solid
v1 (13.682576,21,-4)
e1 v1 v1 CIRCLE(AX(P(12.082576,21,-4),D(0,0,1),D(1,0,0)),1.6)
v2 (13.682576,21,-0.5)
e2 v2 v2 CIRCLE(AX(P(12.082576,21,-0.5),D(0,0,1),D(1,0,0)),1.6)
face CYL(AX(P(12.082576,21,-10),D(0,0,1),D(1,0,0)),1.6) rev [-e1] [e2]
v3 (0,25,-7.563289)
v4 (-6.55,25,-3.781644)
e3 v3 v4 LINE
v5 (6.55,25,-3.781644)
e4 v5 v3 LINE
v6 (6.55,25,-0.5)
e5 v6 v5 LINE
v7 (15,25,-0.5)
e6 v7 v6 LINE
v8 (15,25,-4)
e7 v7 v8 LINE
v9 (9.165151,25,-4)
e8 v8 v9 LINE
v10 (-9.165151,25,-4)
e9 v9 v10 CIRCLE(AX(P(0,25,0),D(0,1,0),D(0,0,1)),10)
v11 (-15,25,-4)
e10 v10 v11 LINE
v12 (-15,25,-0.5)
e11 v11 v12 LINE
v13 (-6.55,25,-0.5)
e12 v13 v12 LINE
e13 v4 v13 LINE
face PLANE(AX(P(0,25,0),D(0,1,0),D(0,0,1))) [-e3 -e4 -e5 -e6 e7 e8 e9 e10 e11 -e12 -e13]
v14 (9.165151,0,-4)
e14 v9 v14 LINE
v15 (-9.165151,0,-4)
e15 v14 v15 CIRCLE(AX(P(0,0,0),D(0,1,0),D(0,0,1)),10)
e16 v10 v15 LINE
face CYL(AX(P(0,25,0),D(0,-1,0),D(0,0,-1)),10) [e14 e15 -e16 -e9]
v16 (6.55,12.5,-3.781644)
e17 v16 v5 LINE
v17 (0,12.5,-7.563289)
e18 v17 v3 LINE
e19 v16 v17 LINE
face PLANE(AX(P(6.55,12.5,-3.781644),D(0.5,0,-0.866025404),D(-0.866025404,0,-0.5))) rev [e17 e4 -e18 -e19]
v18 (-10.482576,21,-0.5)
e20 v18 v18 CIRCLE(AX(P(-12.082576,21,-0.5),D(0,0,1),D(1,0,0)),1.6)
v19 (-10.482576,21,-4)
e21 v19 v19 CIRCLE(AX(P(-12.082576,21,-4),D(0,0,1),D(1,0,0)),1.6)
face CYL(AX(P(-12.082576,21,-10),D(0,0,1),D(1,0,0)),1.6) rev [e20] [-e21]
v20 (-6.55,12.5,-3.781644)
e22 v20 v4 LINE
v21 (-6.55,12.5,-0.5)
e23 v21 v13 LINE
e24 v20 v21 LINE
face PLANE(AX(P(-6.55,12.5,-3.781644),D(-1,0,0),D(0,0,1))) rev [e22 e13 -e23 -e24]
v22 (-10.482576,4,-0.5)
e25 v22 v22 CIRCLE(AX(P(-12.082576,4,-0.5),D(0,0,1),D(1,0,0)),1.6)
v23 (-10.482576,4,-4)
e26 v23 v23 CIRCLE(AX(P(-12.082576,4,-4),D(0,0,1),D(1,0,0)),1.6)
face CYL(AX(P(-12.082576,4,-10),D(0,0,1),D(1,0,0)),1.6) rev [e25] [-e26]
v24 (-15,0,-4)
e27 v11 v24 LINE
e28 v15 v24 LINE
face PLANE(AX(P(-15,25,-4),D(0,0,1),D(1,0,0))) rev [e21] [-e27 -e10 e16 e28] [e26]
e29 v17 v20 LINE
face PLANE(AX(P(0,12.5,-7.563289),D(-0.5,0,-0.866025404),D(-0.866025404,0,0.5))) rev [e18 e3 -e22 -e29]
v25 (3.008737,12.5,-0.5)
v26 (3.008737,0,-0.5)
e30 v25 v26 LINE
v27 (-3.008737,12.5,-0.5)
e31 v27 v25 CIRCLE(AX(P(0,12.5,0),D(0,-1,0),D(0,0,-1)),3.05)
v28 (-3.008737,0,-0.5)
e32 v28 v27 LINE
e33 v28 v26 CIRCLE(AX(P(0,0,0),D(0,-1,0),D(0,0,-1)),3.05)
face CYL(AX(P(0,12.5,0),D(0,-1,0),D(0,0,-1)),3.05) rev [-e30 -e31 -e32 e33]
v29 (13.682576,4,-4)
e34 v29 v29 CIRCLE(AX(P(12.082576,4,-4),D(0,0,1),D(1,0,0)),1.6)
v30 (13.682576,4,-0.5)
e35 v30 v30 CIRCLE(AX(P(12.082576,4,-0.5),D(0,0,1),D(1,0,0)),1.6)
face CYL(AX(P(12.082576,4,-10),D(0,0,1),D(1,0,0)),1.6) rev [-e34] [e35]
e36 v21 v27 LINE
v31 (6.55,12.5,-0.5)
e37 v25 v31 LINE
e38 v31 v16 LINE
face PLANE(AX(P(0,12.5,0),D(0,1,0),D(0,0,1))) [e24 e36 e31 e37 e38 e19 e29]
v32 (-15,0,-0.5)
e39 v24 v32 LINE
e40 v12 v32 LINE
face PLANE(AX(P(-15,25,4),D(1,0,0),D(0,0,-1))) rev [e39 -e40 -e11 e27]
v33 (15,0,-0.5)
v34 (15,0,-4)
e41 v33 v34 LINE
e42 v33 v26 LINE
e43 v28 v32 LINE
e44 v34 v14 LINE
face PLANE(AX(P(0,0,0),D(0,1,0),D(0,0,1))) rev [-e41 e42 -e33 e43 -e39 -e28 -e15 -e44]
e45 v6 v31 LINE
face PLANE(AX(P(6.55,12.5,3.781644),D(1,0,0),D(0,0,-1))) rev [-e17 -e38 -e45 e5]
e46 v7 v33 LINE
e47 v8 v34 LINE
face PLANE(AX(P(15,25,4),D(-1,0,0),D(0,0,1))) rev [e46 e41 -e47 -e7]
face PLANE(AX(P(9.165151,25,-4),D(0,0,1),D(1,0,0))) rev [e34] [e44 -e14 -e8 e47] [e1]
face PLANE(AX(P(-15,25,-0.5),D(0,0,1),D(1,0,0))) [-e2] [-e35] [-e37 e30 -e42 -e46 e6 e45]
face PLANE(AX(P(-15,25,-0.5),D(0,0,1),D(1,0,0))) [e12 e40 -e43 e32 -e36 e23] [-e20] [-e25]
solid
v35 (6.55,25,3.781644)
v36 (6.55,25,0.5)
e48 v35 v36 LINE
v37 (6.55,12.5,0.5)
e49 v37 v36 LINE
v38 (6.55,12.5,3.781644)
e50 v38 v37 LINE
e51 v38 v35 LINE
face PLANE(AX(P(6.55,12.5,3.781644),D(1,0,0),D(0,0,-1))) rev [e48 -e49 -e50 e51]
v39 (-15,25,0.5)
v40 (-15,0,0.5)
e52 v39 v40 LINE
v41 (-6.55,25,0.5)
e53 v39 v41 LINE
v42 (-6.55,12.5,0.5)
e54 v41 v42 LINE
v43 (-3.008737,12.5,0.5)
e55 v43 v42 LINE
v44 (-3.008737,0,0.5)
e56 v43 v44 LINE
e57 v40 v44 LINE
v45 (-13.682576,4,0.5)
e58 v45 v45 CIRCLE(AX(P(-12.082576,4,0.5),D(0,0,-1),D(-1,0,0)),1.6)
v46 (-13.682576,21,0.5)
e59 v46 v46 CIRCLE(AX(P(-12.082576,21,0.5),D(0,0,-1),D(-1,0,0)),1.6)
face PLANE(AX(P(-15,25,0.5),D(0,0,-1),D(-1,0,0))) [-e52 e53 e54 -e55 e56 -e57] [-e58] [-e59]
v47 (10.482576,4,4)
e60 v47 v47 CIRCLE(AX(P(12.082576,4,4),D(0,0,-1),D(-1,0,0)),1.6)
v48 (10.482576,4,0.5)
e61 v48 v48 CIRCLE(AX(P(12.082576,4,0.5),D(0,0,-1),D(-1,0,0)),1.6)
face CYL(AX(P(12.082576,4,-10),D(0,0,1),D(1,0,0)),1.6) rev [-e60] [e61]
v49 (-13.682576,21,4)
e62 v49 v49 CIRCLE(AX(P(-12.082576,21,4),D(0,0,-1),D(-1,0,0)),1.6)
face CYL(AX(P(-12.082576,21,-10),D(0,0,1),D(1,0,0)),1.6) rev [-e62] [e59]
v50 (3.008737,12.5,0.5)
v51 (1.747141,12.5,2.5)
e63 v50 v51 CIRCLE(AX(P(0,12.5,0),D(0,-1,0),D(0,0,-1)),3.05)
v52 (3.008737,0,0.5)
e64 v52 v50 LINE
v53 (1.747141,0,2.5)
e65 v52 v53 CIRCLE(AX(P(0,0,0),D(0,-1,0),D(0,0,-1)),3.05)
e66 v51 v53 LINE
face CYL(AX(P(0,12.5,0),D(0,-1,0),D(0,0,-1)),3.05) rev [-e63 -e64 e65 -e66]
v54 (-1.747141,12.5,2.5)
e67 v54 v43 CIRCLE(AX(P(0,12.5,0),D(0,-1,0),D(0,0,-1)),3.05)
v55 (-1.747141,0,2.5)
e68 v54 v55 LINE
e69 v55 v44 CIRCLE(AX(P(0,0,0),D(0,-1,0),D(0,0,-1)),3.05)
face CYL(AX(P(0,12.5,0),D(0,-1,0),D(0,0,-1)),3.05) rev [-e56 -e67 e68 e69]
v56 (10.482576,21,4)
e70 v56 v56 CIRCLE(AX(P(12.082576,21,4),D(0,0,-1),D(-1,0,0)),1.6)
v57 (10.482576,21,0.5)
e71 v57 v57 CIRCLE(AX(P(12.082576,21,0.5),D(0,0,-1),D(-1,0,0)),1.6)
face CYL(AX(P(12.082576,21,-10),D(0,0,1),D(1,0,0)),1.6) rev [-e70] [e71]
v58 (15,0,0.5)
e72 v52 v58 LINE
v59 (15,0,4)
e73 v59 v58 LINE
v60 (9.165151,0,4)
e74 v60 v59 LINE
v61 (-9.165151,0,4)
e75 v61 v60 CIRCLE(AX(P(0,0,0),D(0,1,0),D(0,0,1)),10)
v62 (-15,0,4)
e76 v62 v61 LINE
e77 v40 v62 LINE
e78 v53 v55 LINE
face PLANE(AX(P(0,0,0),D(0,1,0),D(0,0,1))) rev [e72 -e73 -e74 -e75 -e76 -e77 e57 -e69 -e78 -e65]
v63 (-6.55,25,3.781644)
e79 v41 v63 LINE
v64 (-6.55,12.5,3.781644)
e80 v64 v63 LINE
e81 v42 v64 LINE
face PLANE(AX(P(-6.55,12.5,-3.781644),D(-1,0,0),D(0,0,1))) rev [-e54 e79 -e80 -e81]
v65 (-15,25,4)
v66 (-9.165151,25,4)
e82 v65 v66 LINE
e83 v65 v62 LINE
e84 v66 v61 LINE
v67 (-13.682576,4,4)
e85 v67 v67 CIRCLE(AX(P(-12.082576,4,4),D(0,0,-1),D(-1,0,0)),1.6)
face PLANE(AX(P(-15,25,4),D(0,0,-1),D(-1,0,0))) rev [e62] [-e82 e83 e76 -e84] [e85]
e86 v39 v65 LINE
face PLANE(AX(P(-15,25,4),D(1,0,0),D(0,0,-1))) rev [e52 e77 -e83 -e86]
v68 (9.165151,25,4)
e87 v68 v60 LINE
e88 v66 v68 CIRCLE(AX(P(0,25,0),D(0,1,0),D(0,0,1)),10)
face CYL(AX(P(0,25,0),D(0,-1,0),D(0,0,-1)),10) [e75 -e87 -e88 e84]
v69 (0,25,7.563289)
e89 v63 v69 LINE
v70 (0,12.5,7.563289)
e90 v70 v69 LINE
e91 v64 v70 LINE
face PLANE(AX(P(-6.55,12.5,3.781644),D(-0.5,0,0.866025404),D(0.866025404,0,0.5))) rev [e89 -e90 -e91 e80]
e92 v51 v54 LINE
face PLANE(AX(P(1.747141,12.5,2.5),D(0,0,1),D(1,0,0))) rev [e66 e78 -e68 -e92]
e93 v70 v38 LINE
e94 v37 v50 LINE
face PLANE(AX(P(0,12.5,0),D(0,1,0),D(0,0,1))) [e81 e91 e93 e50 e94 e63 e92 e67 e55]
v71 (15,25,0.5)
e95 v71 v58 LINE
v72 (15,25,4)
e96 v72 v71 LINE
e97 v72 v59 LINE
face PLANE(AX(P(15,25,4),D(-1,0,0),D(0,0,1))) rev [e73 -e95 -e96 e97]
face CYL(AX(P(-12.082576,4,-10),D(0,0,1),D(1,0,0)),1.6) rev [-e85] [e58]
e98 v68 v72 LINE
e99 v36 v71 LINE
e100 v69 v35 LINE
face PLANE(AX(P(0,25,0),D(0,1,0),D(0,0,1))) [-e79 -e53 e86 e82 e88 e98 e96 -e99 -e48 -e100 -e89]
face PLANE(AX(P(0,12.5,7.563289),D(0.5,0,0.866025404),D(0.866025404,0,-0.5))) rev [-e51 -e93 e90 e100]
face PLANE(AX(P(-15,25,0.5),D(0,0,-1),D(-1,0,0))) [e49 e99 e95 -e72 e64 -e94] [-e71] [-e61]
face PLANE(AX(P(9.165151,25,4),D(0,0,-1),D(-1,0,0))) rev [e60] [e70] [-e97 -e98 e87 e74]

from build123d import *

# Parameters (mm, degrees)
EXTRUDE_1_DEPTH          = 25
CUT_EXTRUDE_1_DEPTH      = 12.5
CUT_EXTRUDE_2_DEPTH      = 12.5
SKETCH_4_W               = 30
SKETCH_4_H               = 1
CUT_EXTRUDE_3_DEPTH      = 31.822070015
CUT_EXTRUDE_4_DEPTH      = 31.822070015
CUT_EXTRUDE_4_DEPTH_BACK = 31.822070015
SKETCH_5_R               = 1.6


with BuildPart() as part:
    # ｽｹｯﾁ1 → ﾎﾞｽ - 押し出し1 (new body)
    with BuildSketch(Plane(origin=(0, 0, 0), x_dir=(1, 0, 0), z_dir=(0, 1, 0))):
        with BuildLine():
            Line((9.16515139, 4), (15, 4))
            Line((15, 4), (15, -4))
            Line((15, -4), (9.16515139, -4))
            ThreePointArc((9.16515139, -4), (0, -10), (-9.16515139, -4))
            Line((-9.16515139, -4), (-15, -4))
            Line((-15, -4), (-15, 4))
            Line((-15, 4), (-9.16515139, 4))
            ThreePointArc((-9.16515139, 4), (0, 10), (9.16515139, 4))
        make_face()
    extrude(amount=EXTRUDE_1_DEPTH)

    # ｽｹｯﾁ2 → ｶｯﾄ - 押し出し1 (cut)
    with BuildSketch(Plane.XZ):
        with BuildLine():
            Line((1.747140521, 2.5), (-1.747140521, 2.5))
            ThreePointArc((-1.747140521, 2.5), (0, -3.05), (1.747140521, 2.5))
        make_face()
    extrude(amount=-CUT_EXTRUDE_1_DEPTH, mode=Mode.SUBTRACT)

    # ｽｹｯﾁ3 → ｶｯﾄ - 押し出し2 (cut)
    with BuildSketch(Plane(origin=(0, 25, 0), x_dir=(1, 0, 0), z_dir=(0, 1, 0))):
        Polygon((0, -7.563288526), (6.55, -3.781644263), (6.55, 3.781644263), (0, 7.563288526), (-6.55, 3.781644263), (-6.55, -3.781644263), align=None)
    extrude(amount=-CUT_EXTRUDE_2_DEPTH, mode=Mode.SUBTRACT)

    # ｽｹｯﾁ4 → ｶｯﾄ - 押し出し3 (cut, through all)
    with BuildSketch(Plane(origin=(0, 0, 0), x_dir=(1, 0, 0), z_dir=(0, 1, 0))):
        Rectangle(SKETCH_4_W, SKETCH_4_H)
    extrude(amount=CUT_EXTRUDE_3_DEPTH, mode=Mode.SUBTRACT)


with BuildPart() as cut_extrude_3_piece_1:
    # of the separate pieces the step leaves, piece 1, a body of its own (cut_extrude_3_pieces)
    add(part.part.solids().sort_by_distance((15, 0, 0.5))[0])


with BuildPart() as cut_extrude_3_piece_2:
    # of the separate pieces the step leaves, piece 2, a body of its own (cut_extrude_3_pieces)
    add(part.part.solids().sort_by_distance((9.16515139, 0, -4))[0])


with BuildPart() as cut_extrude_4_tool:
    # ｽｹｯﾁ5 → ｶｯﾄ - 押し出し4 (new, two sides: drawn at the far end of the back side and taken through both)
    with BuildSketch(Plane.XY.offset(-CUT_EXTRUDE_4_DEPTH_BACK)):
        with Locations((-12.082575695, 21)):
            Circle(SKETCH_5_R)
        with Locations((12.082575695, 21)):
            Circle(SKETCH_5_R)
        with Locations((-12.082575695, 4)):
            Circle(SKETCH_5_R)
        with Locations((12.082575695, 4)):
            Circle(SKETCH_5_R)
    extrude(amount=CUT_EXTRUDE_4_DEPTH + CUT_EXTRUDE_4_DEPTH_BACK)


with BuildPart() as cut_extrude_3_piece_1_1:
    add(cut_extrude_3_piece_1.part)

    # ｶｯﾄ - 押し出し4: cut by cut_extrude_4_tool
    add(cut_extrude_4_tool.part, mode=Mode.SUBTRACT)


with BuildPart() as cut_extrude_3_piece_2_1:
    add(cut_extrude_3_piece_2.part)

    # ｶｯﾄ - 押し出し4: cut by cut_extrude_4_tool
    add(cut_extrude_4_tool.part, mode=Mode.SUBTRACT)


solid = Compound([cut_extrude_3_piece_1_1.part, cut_extrude_3_piece_2_1.part])
